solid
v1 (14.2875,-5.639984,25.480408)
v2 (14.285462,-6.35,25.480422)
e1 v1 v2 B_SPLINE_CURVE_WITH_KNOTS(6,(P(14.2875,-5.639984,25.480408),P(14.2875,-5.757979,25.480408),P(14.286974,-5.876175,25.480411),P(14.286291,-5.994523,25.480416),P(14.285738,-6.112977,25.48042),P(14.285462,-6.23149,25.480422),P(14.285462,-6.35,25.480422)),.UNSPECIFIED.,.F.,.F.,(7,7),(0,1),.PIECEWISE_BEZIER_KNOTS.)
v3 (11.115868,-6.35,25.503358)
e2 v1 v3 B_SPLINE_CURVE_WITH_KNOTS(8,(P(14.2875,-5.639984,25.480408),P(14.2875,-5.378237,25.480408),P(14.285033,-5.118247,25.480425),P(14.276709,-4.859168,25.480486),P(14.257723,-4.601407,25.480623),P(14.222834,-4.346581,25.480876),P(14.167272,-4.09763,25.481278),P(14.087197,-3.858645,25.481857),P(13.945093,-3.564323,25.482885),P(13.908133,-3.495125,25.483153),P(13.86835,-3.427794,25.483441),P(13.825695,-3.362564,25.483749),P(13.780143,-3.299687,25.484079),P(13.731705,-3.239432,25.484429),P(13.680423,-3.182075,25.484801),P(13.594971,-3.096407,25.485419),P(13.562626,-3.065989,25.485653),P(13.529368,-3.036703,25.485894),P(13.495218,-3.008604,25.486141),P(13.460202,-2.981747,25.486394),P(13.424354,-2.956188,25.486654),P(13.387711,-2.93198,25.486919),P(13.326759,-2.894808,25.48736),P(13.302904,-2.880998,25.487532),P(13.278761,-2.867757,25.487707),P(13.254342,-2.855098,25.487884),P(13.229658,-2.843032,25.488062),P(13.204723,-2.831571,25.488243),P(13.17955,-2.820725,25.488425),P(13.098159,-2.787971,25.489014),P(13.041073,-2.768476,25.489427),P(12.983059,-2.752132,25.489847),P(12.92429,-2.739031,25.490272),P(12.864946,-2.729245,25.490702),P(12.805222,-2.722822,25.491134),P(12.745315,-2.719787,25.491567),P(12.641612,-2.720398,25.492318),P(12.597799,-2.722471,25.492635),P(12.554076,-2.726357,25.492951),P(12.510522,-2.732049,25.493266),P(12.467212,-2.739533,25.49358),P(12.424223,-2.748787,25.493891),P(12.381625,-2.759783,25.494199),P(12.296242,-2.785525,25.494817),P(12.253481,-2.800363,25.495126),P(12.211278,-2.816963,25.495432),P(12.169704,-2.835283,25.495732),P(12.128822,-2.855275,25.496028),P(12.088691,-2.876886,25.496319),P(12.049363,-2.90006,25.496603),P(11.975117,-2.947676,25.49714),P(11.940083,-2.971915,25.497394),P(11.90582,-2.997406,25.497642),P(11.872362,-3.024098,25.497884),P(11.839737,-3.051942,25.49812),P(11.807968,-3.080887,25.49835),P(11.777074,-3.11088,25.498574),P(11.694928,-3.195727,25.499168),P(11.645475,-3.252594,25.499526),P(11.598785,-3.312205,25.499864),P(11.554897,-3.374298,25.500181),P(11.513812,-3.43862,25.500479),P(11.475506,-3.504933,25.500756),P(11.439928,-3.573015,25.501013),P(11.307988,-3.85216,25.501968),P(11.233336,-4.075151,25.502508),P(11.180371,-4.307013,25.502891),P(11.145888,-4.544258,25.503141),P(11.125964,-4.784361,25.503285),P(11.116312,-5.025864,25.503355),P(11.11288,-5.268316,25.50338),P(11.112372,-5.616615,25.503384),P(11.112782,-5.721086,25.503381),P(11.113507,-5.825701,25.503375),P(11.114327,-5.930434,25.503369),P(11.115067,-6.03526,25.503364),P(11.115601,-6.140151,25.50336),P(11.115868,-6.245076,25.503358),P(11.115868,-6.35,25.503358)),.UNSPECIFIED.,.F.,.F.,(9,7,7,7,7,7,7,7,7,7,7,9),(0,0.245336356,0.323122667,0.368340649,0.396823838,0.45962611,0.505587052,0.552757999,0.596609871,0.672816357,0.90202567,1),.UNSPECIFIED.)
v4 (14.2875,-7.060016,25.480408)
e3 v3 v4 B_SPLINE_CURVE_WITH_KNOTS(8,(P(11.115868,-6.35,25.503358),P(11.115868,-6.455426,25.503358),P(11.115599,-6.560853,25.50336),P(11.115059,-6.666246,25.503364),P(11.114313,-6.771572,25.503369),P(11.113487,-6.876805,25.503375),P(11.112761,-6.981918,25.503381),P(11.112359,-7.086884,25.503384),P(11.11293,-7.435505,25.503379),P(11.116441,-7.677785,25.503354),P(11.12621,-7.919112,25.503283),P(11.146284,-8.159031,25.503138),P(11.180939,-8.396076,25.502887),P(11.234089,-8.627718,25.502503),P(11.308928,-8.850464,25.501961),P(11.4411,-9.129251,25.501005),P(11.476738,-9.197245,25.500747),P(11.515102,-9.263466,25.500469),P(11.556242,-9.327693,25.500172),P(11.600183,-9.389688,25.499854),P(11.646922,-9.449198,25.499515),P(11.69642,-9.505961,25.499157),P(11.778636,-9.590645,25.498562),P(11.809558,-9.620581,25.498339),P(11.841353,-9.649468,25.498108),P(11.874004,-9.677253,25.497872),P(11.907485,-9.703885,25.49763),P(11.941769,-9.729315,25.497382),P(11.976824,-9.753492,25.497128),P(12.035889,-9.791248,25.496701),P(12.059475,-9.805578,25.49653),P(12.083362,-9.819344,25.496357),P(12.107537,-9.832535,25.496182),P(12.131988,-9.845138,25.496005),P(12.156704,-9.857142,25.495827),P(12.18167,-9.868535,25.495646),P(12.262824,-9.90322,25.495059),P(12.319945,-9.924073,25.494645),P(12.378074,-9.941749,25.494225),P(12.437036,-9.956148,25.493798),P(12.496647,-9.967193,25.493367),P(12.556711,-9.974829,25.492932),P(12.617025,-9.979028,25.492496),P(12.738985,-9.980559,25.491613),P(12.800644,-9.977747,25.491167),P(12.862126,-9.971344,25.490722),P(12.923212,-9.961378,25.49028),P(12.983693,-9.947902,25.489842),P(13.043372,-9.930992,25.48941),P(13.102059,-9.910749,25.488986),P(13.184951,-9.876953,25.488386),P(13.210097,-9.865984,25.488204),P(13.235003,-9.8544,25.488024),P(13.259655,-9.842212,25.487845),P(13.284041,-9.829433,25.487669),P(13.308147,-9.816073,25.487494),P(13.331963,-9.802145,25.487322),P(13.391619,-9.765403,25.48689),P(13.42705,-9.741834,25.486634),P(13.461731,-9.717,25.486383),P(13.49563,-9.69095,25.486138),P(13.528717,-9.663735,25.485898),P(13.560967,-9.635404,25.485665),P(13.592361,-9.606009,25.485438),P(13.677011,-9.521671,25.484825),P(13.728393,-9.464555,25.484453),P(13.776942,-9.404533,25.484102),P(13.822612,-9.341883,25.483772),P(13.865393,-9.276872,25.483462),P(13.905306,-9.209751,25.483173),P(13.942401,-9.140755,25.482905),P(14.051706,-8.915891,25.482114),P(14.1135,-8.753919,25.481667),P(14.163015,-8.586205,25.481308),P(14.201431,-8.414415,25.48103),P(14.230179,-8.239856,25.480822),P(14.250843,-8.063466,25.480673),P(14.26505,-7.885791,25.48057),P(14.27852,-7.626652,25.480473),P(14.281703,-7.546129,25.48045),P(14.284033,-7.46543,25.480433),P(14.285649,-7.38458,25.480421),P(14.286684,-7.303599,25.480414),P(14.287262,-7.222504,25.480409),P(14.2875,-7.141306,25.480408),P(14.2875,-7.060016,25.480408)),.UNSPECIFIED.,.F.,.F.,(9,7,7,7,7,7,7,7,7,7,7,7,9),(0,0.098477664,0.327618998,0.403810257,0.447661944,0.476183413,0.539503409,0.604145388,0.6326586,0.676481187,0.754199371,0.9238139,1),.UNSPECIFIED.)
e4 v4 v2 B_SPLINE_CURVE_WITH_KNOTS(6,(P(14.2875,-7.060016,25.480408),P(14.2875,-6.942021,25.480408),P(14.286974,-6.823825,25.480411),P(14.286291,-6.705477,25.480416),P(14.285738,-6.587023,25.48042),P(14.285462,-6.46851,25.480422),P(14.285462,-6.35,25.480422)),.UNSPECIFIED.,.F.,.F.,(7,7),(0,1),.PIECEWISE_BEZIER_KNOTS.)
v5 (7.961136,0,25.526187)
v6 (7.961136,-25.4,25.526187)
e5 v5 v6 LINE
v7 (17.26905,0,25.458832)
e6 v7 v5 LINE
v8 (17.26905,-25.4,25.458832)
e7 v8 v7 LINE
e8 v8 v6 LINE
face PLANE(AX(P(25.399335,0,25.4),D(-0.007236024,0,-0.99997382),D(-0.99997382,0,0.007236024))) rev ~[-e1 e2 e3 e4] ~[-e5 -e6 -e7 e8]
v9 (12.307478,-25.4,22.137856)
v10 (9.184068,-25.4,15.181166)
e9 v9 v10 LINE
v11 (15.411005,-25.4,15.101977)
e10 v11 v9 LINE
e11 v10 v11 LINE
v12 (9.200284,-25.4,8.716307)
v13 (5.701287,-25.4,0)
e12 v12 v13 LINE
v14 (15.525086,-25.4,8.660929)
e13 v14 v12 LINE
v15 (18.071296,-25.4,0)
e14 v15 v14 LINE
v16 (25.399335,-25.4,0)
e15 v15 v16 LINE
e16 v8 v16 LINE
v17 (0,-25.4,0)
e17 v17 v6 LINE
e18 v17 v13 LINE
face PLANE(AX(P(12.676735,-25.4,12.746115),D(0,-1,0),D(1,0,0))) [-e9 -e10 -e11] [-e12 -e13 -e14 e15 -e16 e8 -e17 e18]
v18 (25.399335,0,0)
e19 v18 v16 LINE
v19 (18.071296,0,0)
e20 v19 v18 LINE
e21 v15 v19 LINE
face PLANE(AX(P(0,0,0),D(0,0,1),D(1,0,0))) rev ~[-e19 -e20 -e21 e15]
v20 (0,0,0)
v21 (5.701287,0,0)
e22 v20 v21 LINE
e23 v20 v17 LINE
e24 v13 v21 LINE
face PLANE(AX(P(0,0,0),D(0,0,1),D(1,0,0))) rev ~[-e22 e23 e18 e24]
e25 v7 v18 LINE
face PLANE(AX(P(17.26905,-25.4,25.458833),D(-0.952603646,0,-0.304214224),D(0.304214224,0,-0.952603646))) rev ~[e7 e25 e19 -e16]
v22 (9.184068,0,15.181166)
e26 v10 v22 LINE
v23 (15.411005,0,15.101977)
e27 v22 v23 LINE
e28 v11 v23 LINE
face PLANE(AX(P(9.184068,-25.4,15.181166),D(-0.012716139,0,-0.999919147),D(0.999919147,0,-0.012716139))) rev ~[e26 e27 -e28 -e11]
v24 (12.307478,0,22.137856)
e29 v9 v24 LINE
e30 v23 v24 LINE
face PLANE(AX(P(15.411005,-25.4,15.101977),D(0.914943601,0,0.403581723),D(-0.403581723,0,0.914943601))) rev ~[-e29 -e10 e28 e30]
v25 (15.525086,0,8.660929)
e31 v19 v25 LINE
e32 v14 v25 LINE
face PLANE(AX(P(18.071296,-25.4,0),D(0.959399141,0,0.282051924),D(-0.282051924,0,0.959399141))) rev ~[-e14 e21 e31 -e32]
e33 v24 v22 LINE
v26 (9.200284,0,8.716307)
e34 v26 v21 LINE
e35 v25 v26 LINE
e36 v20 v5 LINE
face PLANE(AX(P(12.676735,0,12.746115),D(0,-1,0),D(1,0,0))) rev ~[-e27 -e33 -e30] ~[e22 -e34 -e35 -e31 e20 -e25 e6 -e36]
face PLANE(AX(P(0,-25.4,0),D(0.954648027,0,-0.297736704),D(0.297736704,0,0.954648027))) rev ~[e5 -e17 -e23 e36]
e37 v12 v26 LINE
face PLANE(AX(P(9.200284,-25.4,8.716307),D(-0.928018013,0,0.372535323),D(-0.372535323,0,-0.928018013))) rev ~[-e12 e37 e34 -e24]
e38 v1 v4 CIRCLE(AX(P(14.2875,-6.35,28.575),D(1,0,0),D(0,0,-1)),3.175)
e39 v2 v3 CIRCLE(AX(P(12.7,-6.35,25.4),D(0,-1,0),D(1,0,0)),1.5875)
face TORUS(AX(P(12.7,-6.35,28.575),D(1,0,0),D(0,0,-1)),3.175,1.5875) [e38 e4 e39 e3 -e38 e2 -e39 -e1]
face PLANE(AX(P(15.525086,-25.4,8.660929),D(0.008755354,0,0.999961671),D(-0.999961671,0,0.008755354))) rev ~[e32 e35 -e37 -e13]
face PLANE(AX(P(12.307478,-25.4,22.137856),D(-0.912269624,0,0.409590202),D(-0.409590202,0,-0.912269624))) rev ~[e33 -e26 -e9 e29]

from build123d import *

# Parameters (mm, degrees)
F1_DEPTH = 25.4
F3_DEPTH = 25.4
F5_R     = 1.5875


with BuildPart() as f1:
    # F0 (on Front) → F1 (new body)
    with BuildSketch(Plane.XZ):
        Polygon((25.399335, 25.4), (0, 25.583795), (0, 0), (25.399335, 0), align=None)
    extrude(amount=F1_DEPTH)

    # F2 (on face) → F3 (cut)
    with BuildSketch(Plane.XZ.offset(25.4)):
        Polygon((0, 0), (7.961136, 25.526187), (0, 25.583795), align=None)
        Polygon((9.200284, 8.716307), (5.701287, 0), (18.071296, 0), (15.525086, 8.660929), align=None)
        Polygon((25.399335, 25.4), (17.26905, 25.458833), (25.399335, 0), align=None)
        Polygon((9.184068, 15.181166), (15.411005, 15.101977), (12.307478, 22.137856), align=None)
    extrude(amount=-F3_DEPTH, mode=Mode.SUBTRACT)

    # F5 (on offset) → F6 (revolve)
    with BuildSketch(Plane.XZ.offset(6.35)):
        with Locations((12.7, 25.4)):
            Circle(F5_R)
    revolve(axis=Axis((14.252264, -6.35, 28.575), (1, 0, 0)))


solid = f1.part
